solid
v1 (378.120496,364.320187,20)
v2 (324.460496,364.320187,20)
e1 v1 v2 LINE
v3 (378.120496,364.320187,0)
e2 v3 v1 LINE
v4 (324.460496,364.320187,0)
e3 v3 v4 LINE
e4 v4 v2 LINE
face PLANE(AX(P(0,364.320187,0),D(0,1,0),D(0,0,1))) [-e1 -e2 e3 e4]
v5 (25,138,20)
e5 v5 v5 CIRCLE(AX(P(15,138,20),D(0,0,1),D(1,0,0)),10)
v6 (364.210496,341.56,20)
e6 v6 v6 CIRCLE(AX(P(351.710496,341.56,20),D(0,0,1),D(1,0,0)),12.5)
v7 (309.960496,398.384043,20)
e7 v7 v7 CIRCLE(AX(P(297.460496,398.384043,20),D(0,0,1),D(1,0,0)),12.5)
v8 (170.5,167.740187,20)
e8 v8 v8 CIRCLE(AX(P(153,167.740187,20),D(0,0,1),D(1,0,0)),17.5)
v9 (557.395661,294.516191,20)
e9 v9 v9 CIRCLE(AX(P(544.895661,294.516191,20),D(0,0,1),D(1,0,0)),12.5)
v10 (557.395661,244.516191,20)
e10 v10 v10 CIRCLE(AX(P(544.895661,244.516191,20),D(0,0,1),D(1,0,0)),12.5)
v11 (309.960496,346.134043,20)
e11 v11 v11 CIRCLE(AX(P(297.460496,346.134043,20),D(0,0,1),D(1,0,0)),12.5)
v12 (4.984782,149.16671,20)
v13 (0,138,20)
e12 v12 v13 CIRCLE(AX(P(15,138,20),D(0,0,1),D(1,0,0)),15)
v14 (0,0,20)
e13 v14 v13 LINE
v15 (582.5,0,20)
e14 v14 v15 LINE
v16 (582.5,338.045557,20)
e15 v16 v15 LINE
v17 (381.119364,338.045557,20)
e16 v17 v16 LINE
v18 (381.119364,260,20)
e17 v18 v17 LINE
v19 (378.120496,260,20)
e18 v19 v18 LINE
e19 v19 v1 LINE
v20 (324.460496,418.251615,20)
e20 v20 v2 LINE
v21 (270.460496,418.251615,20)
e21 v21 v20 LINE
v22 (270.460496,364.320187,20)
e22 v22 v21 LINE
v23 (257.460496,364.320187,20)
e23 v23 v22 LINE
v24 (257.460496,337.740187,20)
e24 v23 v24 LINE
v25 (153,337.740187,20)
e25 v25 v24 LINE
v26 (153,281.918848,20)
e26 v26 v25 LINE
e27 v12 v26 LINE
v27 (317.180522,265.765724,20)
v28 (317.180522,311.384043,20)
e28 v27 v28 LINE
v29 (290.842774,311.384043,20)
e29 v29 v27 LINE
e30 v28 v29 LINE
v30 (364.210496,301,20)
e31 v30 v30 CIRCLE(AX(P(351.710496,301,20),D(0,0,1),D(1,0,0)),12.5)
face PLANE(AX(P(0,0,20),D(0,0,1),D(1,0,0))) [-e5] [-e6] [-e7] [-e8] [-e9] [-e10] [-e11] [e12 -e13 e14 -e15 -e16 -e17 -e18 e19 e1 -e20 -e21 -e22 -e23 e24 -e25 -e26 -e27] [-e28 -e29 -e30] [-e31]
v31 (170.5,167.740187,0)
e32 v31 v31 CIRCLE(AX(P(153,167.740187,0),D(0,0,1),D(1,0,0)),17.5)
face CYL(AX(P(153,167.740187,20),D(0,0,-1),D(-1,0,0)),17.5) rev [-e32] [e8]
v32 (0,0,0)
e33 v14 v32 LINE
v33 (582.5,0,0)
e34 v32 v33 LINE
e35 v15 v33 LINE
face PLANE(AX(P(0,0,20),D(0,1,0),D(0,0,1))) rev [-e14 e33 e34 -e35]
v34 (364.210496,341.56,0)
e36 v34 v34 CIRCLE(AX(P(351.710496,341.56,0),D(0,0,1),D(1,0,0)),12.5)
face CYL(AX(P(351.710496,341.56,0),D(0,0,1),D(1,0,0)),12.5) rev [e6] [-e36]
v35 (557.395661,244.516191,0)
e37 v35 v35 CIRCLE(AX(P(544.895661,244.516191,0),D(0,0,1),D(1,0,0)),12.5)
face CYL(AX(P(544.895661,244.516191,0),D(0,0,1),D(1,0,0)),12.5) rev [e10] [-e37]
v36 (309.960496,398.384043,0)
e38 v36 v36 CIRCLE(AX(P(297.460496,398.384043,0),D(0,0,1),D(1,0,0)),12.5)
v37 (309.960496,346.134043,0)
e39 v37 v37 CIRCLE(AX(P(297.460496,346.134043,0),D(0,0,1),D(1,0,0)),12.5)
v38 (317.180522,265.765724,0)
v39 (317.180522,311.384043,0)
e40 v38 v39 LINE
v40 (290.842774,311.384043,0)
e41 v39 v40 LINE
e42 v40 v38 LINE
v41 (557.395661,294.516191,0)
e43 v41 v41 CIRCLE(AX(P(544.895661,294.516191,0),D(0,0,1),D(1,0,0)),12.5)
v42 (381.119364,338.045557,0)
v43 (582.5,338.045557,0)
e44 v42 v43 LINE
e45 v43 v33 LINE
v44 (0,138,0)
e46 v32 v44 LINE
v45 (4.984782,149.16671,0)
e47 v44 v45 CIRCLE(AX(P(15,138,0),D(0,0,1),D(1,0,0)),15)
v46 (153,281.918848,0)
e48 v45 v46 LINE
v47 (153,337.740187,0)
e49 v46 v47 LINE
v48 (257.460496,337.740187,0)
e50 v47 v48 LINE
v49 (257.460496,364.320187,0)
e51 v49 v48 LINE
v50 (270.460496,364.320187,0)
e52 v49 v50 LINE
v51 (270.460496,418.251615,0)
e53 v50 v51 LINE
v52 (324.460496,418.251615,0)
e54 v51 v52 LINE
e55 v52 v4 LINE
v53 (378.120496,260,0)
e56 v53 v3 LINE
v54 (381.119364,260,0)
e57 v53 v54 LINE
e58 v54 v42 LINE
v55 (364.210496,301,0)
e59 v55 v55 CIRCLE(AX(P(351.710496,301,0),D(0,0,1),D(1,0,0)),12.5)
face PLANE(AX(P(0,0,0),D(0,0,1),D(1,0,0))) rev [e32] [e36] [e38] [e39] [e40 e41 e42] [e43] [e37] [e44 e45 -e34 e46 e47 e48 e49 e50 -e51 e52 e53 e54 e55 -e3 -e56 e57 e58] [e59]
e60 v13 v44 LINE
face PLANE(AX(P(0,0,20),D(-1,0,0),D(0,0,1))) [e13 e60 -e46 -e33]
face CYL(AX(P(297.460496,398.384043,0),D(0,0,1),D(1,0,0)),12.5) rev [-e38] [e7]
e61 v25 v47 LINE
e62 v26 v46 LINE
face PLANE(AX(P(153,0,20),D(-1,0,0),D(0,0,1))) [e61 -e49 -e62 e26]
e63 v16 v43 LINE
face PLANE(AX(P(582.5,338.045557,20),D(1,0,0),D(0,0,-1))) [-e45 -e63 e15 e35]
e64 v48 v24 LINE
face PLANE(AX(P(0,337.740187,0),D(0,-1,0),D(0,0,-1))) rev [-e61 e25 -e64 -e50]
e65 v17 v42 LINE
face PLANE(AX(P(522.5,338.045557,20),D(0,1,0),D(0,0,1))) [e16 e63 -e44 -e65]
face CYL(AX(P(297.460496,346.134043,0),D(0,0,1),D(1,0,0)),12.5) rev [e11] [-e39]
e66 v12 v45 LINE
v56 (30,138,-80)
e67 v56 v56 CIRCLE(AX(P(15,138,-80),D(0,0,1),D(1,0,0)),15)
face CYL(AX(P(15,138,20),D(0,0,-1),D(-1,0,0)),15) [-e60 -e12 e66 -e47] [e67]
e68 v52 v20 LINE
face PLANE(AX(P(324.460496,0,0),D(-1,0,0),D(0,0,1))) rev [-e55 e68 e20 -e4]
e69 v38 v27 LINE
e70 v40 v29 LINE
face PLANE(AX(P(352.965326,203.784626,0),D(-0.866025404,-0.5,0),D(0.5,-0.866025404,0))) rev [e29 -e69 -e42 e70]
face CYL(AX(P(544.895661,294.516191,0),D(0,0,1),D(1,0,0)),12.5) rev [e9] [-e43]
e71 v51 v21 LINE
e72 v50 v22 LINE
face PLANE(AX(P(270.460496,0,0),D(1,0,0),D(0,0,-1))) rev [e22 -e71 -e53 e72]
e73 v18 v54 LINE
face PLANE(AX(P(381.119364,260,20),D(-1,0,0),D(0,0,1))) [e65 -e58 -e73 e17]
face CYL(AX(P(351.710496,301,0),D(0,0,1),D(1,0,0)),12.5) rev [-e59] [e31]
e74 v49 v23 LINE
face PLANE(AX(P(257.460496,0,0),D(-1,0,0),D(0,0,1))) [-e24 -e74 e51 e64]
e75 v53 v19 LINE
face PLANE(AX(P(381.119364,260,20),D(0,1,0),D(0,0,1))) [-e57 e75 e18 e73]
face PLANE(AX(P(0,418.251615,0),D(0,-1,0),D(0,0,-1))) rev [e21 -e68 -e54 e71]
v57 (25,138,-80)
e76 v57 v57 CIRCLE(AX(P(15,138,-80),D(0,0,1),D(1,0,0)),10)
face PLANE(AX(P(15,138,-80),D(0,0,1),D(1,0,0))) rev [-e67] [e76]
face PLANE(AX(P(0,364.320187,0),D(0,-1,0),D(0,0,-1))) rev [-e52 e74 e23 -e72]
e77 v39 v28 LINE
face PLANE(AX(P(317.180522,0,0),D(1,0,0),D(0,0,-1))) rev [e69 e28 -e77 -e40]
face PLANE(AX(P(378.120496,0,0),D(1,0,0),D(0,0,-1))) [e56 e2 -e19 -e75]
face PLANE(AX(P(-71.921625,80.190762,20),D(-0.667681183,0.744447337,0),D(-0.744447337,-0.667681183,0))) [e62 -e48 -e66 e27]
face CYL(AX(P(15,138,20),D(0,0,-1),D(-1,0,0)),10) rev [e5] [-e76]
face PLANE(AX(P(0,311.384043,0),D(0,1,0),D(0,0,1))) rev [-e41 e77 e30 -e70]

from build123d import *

# Parameters (mm, degrees)
SKETCH1_R            = 17.5
SKETCH1_R_2          = 10
BOSS_EXTRUDE1_DEPTH  = 20
SKETCH2_R            = 15
SKETCH2_R_2          = 10
BOSS_EXTRUDE2_DEPTH  = 100
BOSS_EXTRUDE6_DEPTH  = 20
BOSS_EXTRUDE7_DEPTH  = 20
SKETCH10_R           = 12.5
BOSS_EXTRUDE9_DEPTH  = 20
BOSS_EXTRUDE10_DEPTH = 20
SKETCH16_R           = 12.5
CUT_EXTRUDE1_DEPTH   = 20


with BuildPart() as part:
    # Sketch1 → Boss-Extrude1 (new body)
    with BuildSketch(Plane.XY):
        with BuildLine():
            Line((0, 138), (0, 0))
            Line((0, 0), (582.5, 0))
            Line((582.5, 0), (582.5, 51.183651))
            Line((582.5, 51.183651), (572.5, 51.183651))
            Line((572.5, 51.183651), (374.6494, 86.07005))
            Line((374.6494, 86.07005), (244.94, 310.733321))
            ThreePointArc((244.94, 310.733321), (200.912249, 330.84879), (153, 337.740187))
            Line((153, 337.740187), (153, 281.918848))
            Line((153, 281.918848), (4.984782, 149.16671))
            ThreePointArc((4.984782, 149.16671), (1.302769, 144.114398), (0, 138))
        make_face()
        with Locations((153, 167.740187)):
            Circle(SKETCH1_R, mode=Mode.SUBTRACT)
        with Locations((15, 138)):
            Circle(SKETCH1_R_2, mode=Mode.SUBTRACT)
    extrude(amount=BOSS_EXTRUDE1_DEPTH)

    # Sketch2 → Boss-Extrude2 (add)
    with BuildSketch(Plane.XY.offset(20)):
        with Locations((15, 138)):
            Circle(SKETCH2_R)
        with Locations((15, 138)):
            Circle(SKETCH2_R_2, mode=Mode.SUBTRACT)
    extrude(amount=-BOSS_EXTRUDE2_DEPTH)

    # Sketch4 → Boss-Extrude6 (add)
    with BuildSketch(Plane.XY.offset(20)):
        with BuildLine():
            Line((257.460496, 337.740187), (153, 337.740187))
            ThreePointArc((153, 337.740187), (200.912249, 330.84879), (244.94, 310.733321))
            Line((244.94, 310.733321), (374.6494, 86.07005))
            Line((374.6494, 86.07005), (426.173106, 76.98503))
            Line((426.173106, 76.98503), (290.842774, 311.384043))
            Line((290.842774, 311.384043), (257.460496, 311.384043))
            Line((257.460496, 311.384043), (257.460496, 337.740187))
        make_face()
    extrude(amount=-BOSS_EXTRUDE6_DEPTH)

    # Sketch9 → Boss-Extrude7 (add)
    with BuildSketch(Plane.XY.offset(20)):
        Polygon((320.509364, 260), (522.5, 260), (582.5, 260), (582.5, 51.183651), (572.5, 51.183651), (522.5, 60), (426.173106, 76.98503), align=None)
    extrude(amount=-BOSS_EXTRUDE7_DEPTH)



with BuildPart() as body_2:
    # Sketch10 → Boss-Extrude9 (new body)
    with BuildSketch(Plane.XY.offset(20)):
        Polygon((270.460496, 418.251615), (270.460496, 364.320187), (317.180522, 364.320187), (324.460496, 364.320187), (324.460496, 418.251615), align=None)
        with Locations((297.460496, 398.384043)):
            Circle(SKETCH10_R, mode=Mode.SUBTRACT)
        Polygon((270.460496, 364.320187), (257.460496, 364.320187), (257.460496, 337.740187), (257.460496, 311.384043), (290.842774, 311.384043), (317.180522, 311.384043), (317.180522, 321.223855), (317.180522, 364.320187), align=None)
        with Locations((297.460496, 346.134043)):
            Circle(SKETCH10_R, mode=Mode.SUBTRACT)
        Polygon((324.460496, 364.320187), (317.180522, 364.320187), (317.180522, 321.223855), (347.650509, 321.223855), (378.120496, 321.223855), (378.120496, 364.320187), align=None)
        with Locations((351.710496, 341.56)):
            Circle(SKETCH10_R, mode=Mode.SUBTRACT)
        Polygon((347.650509, 321.223855), (317.180522, 321.223855), (317.180522, 311.384043), (317.180522, 265.765724), (320.509364, 260), (378.120496, 260), (378.120496, 321.223855), align=None)
        with Locations((351.710496, 301)):
            Circle(SKETCH10_R, mode=Mode.SUBTRACT)
    extrude(amount=-BOSS_EXTRUDE9_DEPTH)


with BuildPart() as part_1:
    add(part.part)

    add(body_2.part)  # Boss-Extrude10 merges body 2
    # Sketch14 → Boss-Extrude10 (add)
    with BuildSketch(Plane(origin=(0, 0, 0), x_dir=(-1, 0, 0), z_dir=(0, 0, -1))):
        Polygon((-320.509364, 260), (-426.173106, 76.98503), (-522.5, 60), (-572.5, 60), (-582.5, 60), (-582.5, 338.045557), (-522.5, 338.045557), (-381.119364, 338.045557), (-381.119364, 260), align=None)
    extrude(amount=-BOSS_EXTRUDE10_DEPTH)

    # Sketch16 → Cut-Extrude1 (cut)
    with BuildSketch(Plane.XY.offset(20)):
        with Locations((544.895661, 294.516191)):
            Circle(SKETCH16_R)
        with Locations((544.895661, 244.516191)):
            Circle(SKETCH16_R)
    extrude(amount=-CUT_EXTRUDE1_DEPTH, mode=Mode.SUBTRACT)


solid = part_1.part
